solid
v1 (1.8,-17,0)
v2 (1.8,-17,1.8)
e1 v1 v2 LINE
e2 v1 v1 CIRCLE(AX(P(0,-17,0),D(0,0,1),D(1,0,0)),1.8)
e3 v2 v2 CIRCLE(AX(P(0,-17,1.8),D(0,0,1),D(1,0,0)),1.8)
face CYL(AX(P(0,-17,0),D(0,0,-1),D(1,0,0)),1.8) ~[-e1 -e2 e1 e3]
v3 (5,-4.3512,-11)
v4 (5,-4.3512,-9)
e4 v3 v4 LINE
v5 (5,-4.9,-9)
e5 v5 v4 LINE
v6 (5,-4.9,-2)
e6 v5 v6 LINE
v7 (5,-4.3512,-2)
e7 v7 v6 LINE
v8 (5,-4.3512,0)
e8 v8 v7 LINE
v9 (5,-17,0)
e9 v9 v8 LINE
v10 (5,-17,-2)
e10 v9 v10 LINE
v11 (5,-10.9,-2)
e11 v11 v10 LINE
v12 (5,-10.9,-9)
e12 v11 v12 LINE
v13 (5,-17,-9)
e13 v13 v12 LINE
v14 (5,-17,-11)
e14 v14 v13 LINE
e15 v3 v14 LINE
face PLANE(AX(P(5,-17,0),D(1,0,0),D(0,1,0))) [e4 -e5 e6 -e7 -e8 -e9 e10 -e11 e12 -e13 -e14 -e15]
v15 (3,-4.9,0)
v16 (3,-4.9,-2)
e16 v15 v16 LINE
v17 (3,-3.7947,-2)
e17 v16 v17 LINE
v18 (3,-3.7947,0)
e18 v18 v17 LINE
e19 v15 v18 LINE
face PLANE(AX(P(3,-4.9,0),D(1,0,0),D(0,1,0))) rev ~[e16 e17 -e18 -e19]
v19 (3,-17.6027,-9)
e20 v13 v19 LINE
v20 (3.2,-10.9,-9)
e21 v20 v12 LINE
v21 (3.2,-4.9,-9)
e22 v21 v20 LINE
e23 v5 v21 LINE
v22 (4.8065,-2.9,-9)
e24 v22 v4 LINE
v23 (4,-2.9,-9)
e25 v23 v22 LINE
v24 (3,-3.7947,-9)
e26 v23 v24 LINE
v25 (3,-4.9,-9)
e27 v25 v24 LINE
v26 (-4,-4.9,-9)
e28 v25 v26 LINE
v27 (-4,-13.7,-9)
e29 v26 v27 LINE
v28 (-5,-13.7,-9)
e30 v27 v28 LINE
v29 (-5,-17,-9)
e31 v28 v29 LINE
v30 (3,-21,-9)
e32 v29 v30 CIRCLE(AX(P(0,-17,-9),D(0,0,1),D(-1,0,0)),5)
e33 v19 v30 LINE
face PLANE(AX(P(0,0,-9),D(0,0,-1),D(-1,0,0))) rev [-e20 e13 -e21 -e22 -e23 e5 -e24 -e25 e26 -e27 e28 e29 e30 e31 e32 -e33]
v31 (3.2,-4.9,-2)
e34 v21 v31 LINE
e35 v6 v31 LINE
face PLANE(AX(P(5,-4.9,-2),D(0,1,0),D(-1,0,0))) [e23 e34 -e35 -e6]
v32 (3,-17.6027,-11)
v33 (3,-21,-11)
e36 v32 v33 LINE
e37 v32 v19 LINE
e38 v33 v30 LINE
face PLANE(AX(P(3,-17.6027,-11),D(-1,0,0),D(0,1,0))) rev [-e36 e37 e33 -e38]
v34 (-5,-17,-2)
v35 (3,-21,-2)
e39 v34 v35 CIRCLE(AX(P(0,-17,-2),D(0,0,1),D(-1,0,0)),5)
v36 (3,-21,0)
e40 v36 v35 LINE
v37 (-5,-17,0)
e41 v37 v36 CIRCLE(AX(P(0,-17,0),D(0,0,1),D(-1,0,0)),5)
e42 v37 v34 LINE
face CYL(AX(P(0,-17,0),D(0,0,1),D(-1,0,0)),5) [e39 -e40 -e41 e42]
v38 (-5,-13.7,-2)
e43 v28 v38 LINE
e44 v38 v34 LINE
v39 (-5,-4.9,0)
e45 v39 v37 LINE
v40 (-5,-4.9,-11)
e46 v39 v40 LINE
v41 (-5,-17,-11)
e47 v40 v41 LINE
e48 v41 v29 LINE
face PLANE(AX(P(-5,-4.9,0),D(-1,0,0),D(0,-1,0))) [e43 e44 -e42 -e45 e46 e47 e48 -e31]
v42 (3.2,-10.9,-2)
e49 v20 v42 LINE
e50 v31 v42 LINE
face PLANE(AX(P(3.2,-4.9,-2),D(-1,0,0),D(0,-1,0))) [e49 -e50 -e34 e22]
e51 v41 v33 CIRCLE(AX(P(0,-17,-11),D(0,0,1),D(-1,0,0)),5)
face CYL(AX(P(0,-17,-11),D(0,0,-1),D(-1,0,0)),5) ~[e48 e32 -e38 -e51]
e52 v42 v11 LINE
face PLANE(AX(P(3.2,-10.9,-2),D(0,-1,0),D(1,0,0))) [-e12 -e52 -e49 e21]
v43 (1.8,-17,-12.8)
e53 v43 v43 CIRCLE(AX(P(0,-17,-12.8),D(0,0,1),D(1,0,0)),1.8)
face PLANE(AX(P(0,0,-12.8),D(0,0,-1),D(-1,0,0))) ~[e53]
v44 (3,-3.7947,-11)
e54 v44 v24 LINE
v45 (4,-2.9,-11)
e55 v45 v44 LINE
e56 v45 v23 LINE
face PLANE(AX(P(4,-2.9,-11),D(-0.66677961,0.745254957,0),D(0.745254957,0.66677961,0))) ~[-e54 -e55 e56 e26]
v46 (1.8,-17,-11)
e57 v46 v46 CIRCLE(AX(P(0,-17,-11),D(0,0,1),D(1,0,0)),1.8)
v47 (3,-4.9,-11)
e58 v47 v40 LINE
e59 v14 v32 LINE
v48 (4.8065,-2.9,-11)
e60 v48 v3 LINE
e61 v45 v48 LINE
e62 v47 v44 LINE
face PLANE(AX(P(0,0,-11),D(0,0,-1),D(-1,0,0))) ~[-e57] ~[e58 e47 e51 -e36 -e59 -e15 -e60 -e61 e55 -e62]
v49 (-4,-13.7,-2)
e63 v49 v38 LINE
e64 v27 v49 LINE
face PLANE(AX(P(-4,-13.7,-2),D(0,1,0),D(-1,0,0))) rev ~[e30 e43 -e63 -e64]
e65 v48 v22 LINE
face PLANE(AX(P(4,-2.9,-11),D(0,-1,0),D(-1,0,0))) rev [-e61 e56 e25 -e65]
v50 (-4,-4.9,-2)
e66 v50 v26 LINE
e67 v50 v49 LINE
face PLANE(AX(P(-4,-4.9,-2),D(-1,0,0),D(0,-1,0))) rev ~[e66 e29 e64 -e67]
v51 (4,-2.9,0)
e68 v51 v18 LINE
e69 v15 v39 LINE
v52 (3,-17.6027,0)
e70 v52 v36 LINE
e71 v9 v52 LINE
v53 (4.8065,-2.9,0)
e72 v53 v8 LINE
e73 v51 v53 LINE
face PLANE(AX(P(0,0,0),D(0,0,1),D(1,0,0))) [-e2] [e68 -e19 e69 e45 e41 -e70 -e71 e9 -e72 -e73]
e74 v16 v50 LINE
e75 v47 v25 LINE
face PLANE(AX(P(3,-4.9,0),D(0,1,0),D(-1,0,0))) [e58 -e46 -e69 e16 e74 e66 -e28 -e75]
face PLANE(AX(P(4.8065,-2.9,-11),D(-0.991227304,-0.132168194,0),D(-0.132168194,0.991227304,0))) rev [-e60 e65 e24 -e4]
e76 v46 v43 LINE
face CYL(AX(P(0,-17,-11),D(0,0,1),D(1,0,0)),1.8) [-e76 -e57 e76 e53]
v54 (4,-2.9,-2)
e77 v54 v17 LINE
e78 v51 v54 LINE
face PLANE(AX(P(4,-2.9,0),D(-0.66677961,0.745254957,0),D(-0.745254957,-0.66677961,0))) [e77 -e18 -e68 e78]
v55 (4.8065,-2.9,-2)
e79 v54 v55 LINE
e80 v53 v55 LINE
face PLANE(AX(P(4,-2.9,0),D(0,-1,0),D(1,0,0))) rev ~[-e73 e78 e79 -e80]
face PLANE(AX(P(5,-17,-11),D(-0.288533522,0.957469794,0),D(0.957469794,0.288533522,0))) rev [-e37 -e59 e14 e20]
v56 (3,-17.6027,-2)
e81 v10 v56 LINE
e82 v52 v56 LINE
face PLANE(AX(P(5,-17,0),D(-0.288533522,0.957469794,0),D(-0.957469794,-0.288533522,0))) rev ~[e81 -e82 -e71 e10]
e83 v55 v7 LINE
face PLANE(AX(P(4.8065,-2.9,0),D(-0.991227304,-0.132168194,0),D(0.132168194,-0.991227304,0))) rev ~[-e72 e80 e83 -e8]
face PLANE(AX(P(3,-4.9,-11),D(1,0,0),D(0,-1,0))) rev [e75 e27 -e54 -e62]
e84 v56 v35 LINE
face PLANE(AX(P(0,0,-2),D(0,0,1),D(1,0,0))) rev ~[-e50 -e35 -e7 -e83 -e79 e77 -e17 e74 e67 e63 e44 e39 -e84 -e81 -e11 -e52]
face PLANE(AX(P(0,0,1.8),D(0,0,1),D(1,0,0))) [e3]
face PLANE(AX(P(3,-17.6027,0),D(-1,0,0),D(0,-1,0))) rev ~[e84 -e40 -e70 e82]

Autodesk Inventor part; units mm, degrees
ref_plane "YZ Plane" through (0, 0, 0) normal (1, 0, 0) x (0, 1, 0)
ref_plane "XZ Plane" through (0, 0, 0) normal (0, 1, 0) x (-1, 0, 0)
ref_plane "XY Plane" through (0, 0, 0) normal (0, 0, 1) x (1, 0, 0)
sketch "Skizze1" plane through (0, 0, 0) normal (0, 0, 1) x (1, 0, 0)
  arc A0 (5, -17) -> (-5, -17) centre (0, -17) ccw construction
  arc A1 (-5, -17) -> (3, -21) centre (0, -17) ccw
  circle A2 centre (0, -17) radius 1.75 construction
  line L0 (0, -22) -> (0, -4.9) construction
  line L1 (5, -17) -> (5, -4.9)
  line L2 (3, -4.9) -> (-5, -4.9)
  line L3 (-5, -4.9) -> (-5, -17)
  line L4 (0, -17) -> (3, -17) construction
  line L5 (3, -17.6027) -> (3, -21)
  line L6 (3, -17) -> (5, -17) construction
  line L7 (5, -17) -> (3, -17.6027)
  line L8 (3, -4.9) -> (3, -3.7947)
  line L9 (4, -2.9) -> (4.8065, -2.9)
  line L10 (5, -4.3512) -> (5, -4.9)
  line L11 (4, -2.9) -> (3, -3.7947)
  line L12 (4.8065, -2.9) -> (5, -4.3512)
  point P0 (0, 0)
  dimension "d0" = 3.5
  dimension "d1" = 17.1
  dimension "d2" = 3
extrude "Extrusion1" add sketch "Skizze1" against normal blind 2
sketch "Skizze2" plane through (0, 0, 0) normal (0, 0, 1) x (1, 0, 0)
  arc A0 (-5, -17) -> (3, -21) centre (0, -17) ccw projected
  circle A1 centre (0, -17) radius 1.8
  point P0 (0, 0)
  dimension "d7" = 3.6
extrude "Extrusion2" add sketch "Skizze2" along normal blind 1.8
sketch "Skizze4" plane through (0, 0, -2) normal (0, 0, -1) x (-1, 0, 0)
  line L0 (-5, -4.3512) -> (-5, -17) construction
  line L1 (-5, -17) -> (-3, -17.6027) construction
  line L2 (-3, -17.6027) -> (-3, -21) construction
  arc A0 (-3, -21) -> (5, -17) centre (0, -17) ccw construction
  line L3 (5, -17) -> (5, -4.9) construction
  line L4 (5, -4.9) -> (-3, -4.9) construction
  line L5 (-3, -4.9) -> (-3, -3.7947) construction
  line L6 (-3, -3.7947) -> (-4, -2.9) construction
  line L7 (-4, -2.9) -> (-4.8065, -2.9) construction
  line L8 (-4.8065, -2.9) -> (-5, -4.3512) construction
  line L9 (-5, -4.3512) -> (-5, -17) construction
  line L10 (-5, -4.9) -> (-3.2, -4.9)
  line L11 (-3.2, -4.9) -> (-3.2, -10.9)
  line L12 (-3.2, -10.9) -> (-5, -10.9)
  line L13 (-5, -10.9) -> (-5, -4.9)
  line L14 (-3, -4.9) -> (5, -4.9) construction
  line L15 (5, -4.9) -> (4, -4.9)
  line L16 (4, -4.9) -> (4, -13.7)
  line L17 (4, -13.7) -> (5, -13.7)
  line L18 (5, -13.7) -> (5, -4.9)
  point P0 (0, 0)
  dimension "d10" = 1.8
  dimension "d11" = 6
  dimension "d12" = 1
  dimension "d13" = 8.8
extrude "Extrusion3" add sketch "Skizze4" along normal blind 3.5
mirror "Spiegeln3" about plane through (4.1, -7.9, -5.5) normal (0, 0, -1) of "Extrusion2", "Extrusion1", "Extrusion3"
properties part number "chain_elmt_2"
